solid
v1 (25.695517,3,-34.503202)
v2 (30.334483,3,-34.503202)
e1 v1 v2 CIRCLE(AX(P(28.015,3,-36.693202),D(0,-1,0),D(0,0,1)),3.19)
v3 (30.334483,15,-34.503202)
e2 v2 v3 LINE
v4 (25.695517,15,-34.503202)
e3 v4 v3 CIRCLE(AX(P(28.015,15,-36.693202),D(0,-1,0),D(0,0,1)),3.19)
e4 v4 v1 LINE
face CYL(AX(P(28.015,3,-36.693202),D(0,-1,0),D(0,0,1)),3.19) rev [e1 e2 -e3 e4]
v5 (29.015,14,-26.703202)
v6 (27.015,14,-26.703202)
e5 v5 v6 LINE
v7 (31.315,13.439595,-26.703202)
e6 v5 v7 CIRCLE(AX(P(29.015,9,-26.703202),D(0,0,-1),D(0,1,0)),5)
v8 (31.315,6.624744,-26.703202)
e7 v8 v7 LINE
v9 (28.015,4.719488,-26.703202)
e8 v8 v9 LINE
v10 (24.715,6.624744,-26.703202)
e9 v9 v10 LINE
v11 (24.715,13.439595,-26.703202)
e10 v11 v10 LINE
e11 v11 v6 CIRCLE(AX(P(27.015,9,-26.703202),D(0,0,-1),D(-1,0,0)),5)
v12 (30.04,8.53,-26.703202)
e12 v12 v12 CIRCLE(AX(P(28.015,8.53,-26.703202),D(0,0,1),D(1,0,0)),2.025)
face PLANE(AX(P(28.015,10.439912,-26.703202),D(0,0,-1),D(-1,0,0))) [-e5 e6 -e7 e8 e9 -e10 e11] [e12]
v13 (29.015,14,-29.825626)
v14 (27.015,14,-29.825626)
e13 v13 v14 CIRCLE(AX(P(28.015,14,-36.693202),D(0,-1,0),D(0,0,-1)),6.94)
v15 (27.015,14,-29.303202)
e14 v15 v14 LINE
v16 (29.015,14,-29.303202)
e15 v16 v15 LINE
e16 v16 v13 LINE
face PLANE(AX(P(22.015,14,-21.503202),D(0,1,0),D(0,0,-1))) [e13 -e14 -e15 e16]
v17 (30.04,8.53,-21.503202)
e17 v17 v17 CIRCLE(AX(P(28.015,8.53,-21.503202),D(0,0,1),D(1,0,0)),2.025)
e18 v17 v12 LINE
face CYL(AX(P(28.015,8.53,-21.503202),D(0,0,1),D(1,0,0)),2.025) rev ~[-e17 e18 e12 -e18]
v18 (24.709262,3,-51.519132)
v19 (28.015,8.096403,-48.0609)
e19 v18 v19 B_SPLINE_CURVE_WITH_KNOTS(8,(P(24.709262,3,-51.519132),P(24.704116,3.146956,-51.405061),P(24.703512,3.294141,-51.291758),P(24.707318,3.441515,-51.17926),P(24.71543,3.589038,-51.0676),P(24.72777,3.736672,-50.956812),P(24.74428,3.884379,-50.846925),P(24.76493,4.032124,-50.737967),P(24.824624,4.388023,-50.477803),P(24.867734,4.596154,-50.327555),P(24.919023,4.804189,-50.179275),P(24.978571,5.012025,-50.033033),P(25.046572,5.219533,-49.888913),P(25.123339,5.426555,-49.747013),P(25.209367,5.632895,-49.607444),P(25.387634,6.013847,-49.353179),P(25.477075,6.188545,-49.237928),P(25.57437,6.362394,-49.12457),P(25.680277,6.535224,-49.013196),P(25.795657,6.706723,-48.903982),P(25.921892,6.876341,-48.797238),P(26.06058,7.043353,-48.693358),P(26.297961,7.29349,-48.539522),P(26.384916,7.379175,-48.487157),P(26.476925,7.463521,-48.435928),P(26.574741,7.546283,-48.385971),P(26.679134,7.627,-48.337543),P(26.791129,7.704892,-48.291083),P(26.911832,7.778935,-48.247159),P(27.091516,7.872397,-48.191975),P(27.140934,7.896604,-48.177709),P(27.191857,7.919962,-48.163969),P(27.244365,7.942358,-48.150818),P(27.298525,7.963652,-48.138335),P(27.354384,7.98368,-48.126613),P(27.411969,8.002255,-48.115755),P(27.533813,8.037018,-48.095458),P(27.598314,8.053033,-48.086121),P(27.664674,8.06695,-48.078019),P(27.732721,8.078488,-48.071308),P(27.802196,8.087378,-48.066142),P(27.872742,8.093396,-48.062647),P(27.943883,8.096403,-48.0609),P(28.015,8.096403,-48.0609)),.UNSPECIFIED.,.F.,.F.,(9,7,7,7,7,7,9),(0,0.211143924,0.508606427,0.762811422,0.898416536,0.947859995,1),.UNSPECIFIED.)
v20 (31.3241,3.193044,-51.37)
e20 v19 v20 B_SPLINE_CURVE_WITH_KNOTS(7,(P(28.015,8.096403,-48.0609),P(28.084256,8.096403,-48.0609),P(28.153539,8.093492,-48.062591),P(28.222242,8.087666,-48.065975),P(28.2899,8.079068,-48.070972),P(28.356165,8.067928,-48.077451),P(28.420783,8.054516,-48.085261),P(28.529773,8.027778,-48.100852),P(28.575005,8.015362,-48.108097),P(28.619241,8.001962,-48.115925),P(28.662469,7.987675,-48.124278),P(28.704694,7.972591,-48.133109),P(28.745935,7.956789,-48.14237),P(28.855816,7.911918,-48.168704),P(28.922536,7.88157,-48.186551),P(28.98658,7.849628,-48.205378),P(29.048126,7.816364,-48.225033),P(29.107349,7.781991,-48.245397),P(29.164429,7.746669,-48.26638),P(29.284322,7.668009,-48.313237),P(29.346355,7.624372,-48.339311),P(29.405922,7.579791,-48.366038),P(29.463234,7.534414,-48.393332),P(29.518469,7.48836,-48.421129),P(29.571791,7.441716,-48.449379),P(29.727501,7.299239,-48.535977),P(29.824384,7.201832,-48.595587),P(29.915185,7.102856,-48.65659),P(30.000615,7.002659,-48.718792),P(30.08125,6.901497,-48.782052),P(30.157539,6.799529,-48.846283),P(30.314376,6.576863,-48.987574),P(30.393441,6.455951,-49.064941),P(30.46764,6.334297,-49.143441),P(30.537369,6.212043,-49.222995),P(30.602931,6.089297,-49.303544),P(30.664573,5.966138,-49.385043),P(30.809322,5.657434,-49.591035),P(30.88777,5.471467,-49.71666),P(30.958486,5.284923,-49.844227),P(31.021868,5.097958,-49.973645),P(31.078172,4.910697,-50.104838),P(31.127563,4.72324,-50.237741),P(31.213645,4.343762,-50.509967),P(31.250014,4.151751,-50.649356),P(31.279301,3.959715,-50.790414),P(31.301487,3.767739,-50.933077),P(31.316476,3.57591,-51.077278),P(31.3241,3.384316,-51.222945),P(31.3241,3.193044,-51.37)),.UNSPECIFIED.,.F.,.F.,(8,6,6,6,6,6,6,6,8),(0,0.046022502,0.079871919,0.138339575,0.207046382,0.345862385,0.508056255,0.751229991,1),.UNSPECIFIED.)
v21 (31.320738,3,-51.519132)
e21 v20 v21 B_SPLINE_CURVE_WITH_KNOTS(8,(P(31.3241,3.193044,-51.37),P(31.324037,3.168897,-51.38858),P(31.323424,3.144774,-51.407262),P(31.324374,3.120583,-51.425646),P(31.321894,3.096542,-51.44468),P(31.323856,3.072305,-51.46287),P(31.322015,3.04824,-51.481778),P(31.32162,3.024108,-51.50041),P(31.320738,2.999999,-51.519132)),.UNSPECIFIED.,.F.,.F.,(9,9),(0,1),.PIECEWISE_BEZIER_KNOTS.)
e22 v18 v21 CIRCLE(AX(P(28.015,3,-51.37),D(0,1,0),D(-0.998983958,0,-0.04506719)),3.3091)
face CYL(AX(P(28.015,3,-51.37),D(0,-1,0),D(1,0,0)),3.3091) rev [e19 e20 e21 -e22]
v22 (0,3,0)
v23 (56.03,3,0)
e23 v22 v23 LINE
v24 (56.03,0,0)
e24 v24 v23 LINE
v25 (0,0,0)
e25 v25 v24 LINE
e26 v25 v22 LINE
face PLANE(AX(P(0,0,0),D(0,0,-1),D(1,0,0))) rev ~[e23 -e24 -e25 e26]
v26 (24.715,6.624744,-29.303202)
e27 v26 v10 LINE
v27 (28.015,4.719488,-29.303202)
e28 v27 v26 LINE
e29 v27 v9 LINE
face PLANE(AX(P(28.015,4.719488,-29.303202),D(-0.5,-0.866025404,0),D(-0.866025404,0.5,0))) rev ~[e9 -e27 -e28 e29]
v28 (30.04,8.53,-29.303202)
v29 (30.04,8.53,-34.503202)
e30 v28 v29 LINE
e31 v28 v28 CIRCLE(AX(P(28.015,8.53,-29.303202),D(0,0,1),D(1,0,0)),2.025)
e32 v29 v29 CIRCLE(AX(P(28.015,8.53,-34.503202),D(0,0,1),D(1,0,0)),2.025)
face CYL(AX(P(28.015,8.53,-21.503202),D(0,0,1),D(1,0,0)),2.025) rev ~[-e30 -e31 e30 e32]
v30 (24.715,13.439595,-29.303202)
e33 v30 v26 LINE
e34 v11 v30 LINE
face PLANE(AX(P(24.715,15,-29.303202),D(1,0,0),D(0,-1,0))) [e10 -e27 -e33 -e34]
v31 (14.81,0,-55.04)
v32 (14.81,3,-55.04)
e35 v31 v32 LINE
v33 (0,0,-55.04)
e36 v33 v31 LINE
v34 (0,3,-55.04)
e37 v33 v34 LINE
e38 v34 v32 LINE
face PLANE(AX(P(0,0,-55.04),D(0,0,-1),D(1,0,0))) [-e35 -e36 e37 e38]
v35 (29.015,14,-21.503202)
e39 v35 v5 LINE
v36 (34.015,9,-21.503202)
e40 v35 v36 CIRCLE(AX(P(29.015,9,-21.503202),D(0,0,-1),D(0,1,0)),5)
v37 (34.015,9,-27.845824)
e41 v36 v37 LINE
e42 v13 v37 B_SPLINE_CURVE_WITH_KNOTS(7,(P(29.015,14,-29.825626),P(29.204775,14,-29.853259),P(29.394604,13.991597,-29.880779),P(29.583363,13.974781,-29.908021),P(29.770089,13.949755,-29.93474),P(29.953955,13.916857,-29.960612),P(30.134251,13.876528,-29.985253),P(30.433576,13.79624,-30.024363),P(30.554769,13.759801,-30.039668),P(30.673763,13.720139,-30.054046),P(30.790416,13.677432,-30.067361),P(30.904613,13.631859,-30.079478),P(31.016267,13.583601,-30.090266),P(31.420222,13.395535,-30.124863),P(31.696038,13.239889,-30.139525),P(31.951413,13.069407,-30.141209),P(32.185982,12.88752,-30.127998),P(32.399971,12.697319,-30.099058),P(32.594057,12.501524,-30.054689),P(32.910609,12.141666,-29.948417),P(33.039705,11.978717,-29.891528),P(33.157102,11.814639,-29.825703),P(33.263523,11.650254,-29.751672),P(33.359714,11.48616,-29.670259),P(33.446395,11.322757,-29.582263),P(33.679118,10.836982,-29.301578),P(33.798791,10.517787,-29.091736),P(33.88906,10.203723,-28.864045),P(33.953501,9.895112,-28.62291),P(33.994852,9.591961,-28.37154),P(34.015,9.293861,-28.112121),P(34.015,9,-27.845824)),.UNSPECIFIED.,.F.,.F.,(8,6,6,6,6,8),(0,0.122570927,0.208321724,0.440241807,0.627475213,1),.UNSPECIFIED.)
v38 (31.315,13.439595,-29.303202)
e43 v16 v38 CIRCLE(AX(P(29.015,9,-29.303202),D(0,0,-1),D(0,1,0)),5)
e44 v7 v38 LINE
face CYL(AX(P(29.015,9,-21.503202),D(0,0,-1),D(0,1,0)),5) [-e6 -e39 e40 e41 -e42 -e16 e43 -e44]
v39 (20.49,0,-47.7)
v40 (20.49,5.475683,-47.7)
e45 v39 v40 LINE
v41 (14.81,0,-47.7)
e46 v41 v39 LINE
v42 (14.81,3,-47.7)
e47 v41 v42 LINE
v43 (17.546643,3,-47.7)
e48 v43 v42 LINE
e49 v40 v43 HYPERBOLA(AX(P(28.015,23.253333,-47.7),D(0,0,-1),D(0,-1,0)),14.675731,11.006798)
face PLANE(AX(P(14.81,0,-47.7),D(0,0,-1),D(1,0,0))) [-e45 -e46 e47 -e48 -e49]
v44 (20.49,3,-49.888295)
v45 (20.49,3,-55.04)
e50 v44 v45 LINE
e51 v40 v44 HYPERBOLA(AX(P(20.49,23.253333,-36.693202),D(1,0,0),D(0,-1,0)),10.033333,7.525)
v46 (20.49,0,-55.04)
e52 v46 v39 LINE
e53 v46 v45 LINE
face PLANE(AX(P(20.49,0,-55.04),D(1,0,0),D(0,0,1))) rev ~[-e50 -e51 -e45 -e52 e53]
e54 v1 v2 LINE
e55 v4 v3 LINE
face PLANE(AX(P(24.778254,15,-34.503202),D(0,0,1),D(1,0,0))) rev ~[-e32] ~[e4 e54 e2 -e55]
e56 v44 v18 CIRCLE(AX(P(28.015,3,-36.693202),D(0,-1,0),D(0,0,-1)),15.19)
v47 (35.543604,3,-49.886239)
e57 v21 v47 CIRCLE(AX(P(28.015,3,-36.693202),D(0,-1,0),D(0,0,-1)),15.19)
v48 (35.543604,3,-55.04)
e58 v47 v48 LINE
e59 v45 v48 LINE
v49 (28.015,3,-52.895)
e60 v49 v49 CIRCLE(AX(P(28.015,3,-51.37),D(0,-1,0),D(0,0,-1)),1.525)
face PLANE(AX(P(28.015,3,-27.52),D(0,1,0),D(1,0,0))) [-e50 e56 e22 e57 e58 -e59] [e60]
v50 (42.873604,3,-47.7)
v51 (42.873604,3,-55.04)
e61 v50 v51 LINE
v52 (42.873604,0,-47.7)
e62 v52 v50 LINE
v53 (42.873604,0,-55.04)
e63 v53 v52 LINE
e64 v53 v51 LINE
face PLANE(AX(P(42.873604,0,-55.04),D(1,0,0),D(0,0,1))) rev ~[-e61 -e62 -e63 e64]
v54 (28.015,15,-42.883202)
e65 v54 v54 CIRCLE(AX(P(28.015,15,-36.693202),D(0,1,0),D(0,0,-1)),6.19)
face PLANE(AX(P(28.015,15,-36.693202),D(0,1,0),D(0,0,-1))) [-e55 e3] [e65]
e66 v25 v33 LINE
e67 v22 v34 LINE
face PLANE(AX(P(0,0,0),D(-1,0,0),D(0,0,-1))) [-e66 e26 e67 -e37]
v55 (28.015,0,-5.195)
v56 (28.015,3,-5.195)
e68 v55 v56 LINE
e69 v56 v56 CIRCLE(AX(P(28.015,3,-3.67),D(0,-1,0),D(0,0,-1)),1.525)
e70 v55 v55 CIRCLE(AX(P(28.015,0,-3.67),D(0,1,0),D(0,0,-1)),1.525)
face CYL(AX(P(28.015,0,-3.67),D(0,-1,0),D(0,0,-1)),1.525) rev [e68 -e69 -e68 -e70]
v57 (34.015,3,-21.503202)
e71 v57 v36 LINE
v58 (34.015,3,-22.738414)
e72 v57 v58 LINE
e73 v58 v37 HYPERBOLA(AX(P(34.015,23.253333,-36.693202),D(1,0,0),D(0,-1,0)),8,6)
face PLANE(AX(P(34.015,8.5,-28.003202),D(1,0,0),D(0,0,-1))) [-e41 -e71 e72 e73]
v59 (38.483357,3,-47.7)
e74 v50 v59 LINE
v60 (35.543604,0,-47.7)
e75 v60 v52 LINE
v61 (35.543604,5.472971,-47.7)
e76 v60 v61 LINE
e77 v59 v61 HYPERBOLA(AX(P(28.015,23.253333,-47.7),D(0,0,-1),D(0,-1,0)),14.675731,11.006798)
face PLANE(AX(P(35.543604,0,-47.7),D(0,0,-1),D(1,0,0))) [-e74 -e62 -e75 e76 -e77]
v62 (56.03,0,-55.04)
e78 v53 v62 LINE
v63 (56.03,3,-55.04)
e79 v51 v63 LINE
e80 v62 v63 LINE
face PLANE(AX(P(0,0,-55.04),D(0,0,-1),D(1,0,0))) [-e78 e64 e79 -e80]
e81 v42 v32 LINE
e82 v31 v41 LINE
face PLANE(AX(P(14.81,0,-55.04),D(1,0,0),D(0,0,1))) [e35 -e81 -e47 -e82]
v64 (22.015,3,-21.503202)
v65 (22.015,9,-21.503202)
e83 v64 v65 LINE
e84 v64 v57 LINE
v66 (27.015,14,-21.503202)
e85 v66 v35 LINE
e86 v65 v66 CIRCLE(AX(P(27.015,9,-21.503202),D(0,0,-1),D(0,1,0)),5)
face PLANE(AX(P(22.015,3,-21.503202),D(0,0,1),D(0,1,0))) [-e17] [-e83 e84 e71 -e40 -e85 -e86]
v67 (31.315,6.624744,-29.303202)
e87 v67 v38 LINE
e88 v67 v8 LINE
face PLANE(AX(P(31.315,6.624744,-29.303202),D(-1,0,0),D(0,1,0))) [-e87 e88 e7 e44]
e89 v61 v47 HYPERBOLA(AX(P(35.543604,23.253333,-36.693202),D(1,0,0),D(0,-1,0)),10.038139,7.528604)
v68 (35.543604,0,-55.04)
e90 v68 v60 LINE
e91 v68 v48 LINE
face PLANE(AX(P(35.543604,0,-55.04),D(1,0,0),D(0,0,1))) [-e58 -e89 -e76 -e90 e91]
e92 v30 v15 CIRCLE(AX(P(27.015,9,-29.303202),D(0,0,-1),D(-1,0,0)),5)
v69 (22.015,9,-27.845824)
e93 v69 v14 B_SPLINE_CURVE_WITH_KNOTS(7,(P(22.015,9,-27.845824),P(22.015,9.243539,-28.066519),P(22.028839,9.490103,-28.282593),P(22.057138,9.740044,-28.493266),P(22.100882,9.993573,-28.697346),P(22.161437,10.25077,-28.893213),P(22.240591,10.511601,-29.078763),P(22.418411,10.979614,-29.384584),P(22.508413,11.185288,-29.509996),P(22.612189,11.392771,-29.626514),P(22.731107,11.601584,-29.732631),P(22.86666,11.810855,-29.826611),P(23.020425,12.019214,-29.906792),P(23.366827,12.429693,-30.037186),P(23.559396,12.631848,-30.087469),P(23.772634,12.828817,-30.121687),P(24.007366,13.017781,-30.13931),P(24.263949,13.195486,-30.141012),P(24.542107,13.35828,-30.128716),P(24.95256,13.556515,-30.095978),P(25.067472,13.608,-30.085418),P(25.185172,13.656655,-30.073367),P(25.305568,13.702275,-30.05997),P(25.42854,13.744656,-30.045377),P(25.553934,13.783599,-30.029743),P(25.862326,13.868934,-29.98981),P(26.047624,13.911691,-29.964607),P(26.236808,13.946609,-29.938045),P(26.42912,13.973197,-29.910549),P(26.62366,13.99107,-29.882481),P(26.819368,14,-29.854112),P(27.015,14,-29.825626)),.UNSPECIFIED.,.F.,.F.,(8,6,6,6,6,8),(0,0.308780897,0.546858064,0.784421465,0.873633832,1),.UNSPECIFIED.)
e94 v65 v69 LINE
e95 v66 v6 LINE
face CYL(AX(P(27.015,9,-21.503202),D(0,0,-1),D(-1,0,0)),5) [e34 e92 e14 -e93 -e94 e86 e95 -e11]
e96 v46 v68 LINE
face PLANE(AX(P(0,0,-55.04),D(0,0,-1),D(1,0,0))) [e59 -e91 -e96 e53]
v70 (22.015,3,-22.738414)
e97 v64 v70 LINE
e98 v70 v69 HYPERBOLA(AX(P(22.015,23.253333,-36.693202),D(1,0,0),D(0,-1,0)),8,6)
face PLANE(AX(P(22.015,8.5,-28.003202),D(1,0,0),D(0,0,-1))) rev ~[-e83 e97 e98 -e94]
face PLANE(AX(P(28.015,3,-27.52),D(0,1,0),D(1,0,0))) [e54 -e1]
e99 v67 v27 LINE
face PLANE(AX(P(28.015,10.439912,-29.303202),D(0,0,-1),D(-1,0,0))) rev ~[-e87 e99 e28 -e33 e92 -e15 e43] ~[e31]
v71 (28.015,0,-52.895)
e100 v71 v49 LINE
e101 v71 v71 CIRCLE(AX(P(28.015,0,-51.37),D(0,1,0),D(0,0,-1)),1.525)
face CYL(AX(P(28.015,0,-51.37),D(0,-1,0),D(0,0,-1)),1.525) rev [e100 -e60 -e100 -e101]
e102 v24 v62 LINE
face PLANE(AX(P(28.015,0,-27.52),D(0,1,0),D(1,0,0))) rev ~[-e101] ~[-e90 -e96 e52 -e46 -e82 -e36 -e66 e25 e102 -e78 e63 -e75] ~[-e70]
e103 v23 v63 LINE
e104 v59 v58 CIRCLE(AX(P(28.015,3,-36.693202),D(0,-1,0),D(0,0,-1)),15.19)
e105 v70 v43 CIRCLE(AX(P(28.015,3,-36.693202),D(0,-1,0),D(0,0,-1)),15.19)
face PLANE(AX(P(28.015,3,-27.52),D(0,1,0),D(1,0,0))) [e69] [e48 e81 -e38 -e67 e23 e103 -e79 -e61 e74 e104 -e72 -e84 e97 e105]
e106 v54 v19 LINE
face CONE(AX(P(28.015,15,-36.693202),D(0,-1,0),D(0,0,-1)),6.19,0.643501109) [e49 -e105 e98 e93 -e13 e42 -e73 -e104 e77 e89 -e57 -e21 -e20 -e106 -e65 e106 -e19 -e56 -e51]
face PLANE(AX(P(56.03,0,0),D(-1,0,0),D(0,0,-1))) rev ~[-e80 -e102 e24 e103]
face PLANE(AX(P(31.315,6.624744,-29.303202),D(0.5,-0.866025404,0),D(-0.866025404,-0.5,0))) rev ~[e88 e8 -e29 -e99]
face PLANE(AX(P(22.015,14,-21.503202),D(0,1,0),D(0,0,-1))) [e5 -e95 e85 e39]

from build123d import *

# Parameters (mm, degrees)
SKETCH1_W                = 56.03
SKETCH1_H                = 55.04
BOSS_EXTRUDE1_DEPTH      = 3
SKETCH2_R                = 6.19
SKETCH2_R_2              = 3.19
BOSS_EXTRUDE2_DEPTH      = 12
BOSS_EXTRUDE3_DEPTH      = 12
BOSS_EXTRUDE4_DEPTH      = 6
BOSS_EXTRUDE4_DEPTH_BACK = 6
SKETCH7_W                = 13
SKETCH7_H                = 11
FILLET1_R                = 5
SKETCH8_R                = 2.025
CUT_EXTRUDE3_DEPTH       = 13
CUT_EXTRUDE4_DEPTH       = 1.3
CUT_EXTRUDE4_DEPTH_BACK  = 1.3
CUT_EXTRUDE5_DEPTH       = 6
CUT_EXTRUDE5_DEPTH_BACK  = 3
SKETCH10_R               = 1.525
SKETCH11_R               = 3.309100225
CUT_EXTRUDE6_DEPTH       = 80.452894865
SKETCH12_W               = 7.33
SKETCH12_H               = 7.34
SKETCH12_W_2             = 5.68
CUT_EXTRUDE7_DEPTH       = 80.96100614


with BuildPart() as part:
    # Sketch1 → Boss-Extrude1 (new body)
    with BuildSketch(Plane(origin=(0, 0, 0), x_dir=(1, 0, 0), z_dir=(0, 1, 0))):
        with Locations((28.015, 27.52)):
            Rectangle(SKETCH1_W, SKETCH1_H)
    extrude(amount=BOSS_EXTRUDE1_DEPTH)

    # Sketch2 → Boss-Extrude2 (add)
    with BuildSketch(Plane(origin=(0, 3, 0), x_dir=(1, 0, 0), z_dir=(0, 1, 0))):
        with Locations(Location((28.015, 36.693201994, 0), (0, 0, 90))):
            Circle(SKETCH2_R)
        with Locations(Location((28.015, 36.693201994, 0), (0, 0, 270))):
            Circle(SKETCH2_R_2, mode=Mode.SUBTRACT)
    extrude(amount=BOSS_EXTRUDE2_DEPTH)

    # Sketch3 → Revolve1 (revolve)
    with BuildSketch(Plane(origin=(28.015, 0, 0), x_dir=(0, 0, -1), z_dir=(1, 0, 0))):
        Polygon((39.883201994, 15), (42.883201994, 15), (51.883201994, 3), (39.883201994, 3), align=None)
    revolve(axis=Axis((28.015, 15, -36.693201994), (0, -1, 0)))

    # Sketch5 → Boss-Extrude3 (add)
    with BuildSketch(Plane(origin=(0, 15, 0), x_dir=(1, 0, 0), z_dir=(0, 1, 0))):
        Polygon((28.015, 33.503201994), (24.778253514, 33.503201994), (24.778253514, 34.503201994), (31.698194277, 34.503201994), (31.698194277, 33.503201994), align=None)
    extrude(amount=-BOSS_EXTRUDE3_DEPTH)

    # Sketch7 → Boss-Extrude4 (add, two sides: drawn at the far end of the back side and taken through both)
    with BuildSketch(Plane(origin=(28.015, 0, 0), x_dir=(0, 0, -1), z_dir=(1, 0, 0)).offset(-BOSS_EXTRUDE4_DEPTH_BACK)):
        with Locations((28.003201994, 8.5)):
            Rectangle(SKETCH7_W, SKETCH7_H)
    extrude(amount=BOSS_EXTRUDE4_DEPTH + BOSS_EXTRUDE4_DEPTH_BACK)

    # Fillet1
    fillet1_edges = [part.edges().sort_by_distance(p)[0] for p in [
        (34.015, 14, -27.354384343),
        (22.015, 14, -27.354384343),
    ]]
    fillet(fillet1_edges, radius=FILLET1_R)

    # Sketch8 → Cut-Extrude3 (cut)
    with BuildSketch(Plane.XY.offset(-21.503201994)):
        with Locations((28.015, 8.53)):
            Circle(SKETCH8_R)
    extrude(amount=-CUT_EXTRUDE3_DEPTH, mode=Mode.SUBTRACT)

    # Sketch9 → Cut-Extrude4 (cut, two sides: drawn at the far end of the back side and taken through both)
    with BuildSketch(Plane.XY.offset(-28.003201994).offset(-CUT_EXTRUDE4_DEPTH_BACK)):
        Polygon((24.715, 10.435255888), (24.715, 15), (31.315, 15), (31.315, 10.435255888), (31.315, 6.624744112), (28.015, 4.719488223), (24.715, 6.624744112), align=None)
    extrude(amount=CUT_EXTRUDE4_DEPTH + CUT_EXTRUDE4_DEPTH_BACK, mode=Mode.SUBTRACT)

    # Sketch10 → Cut-Extrude5 (cut, two sides: drawn at the far end of the back side and taken through both)
    with BuildSketch(Plane(origin=(0, 3, 0), x_dir=(1, 0, 0), z_dir=(0, 1, 0)).offset(-CUT_EXTRUDE5_DEPTH_BACK)):
        with Locations(Location((28.015, 51.37, 0), (0, 0, 90))):
            Circle(SKETCH10_R)
        with Locations(Location((28.015, 3.67, 0), (0, 0, 90))):
            Circle(SKETCH10_R)
    extrude(amount=CUT_EXTRUDE5_DEPTH + CUT_EXTRUDE5_DEPTH_BACK, mode=Mode.SUBTRACT)

    # Sketch11 → Cut-Extrude6 (cut, through all)
    with BuildSketch(Plane(origin=(0, 3, 0), x_dir=(1, 0, 0), z_dir=(0, 1, 0))):
        with Locations((28.015, 51.37)):
            Circle(SKETCH11_R)
    extrude(amount=CUT_EXTRUDE6_DEPTH, mode=Mode.SUBTRACT)

    # Sketch12 → Cut-Extrude7 (cut, through all)
    with BuildSketch(Plane.XZ):
        with Locations((39.208604027, -51.37)):
            Rectangle(SKETCH12_W, SKETCH12_H)
        with Locations((17.65, -51.37)):
            Rectangle(SKETCH12_W_2, SKETCH12_H)
    extrude(amount=-CUT_EXTRUDE7_DEPTH, mode=Mode.SUBTRACT)


solid = part.part
